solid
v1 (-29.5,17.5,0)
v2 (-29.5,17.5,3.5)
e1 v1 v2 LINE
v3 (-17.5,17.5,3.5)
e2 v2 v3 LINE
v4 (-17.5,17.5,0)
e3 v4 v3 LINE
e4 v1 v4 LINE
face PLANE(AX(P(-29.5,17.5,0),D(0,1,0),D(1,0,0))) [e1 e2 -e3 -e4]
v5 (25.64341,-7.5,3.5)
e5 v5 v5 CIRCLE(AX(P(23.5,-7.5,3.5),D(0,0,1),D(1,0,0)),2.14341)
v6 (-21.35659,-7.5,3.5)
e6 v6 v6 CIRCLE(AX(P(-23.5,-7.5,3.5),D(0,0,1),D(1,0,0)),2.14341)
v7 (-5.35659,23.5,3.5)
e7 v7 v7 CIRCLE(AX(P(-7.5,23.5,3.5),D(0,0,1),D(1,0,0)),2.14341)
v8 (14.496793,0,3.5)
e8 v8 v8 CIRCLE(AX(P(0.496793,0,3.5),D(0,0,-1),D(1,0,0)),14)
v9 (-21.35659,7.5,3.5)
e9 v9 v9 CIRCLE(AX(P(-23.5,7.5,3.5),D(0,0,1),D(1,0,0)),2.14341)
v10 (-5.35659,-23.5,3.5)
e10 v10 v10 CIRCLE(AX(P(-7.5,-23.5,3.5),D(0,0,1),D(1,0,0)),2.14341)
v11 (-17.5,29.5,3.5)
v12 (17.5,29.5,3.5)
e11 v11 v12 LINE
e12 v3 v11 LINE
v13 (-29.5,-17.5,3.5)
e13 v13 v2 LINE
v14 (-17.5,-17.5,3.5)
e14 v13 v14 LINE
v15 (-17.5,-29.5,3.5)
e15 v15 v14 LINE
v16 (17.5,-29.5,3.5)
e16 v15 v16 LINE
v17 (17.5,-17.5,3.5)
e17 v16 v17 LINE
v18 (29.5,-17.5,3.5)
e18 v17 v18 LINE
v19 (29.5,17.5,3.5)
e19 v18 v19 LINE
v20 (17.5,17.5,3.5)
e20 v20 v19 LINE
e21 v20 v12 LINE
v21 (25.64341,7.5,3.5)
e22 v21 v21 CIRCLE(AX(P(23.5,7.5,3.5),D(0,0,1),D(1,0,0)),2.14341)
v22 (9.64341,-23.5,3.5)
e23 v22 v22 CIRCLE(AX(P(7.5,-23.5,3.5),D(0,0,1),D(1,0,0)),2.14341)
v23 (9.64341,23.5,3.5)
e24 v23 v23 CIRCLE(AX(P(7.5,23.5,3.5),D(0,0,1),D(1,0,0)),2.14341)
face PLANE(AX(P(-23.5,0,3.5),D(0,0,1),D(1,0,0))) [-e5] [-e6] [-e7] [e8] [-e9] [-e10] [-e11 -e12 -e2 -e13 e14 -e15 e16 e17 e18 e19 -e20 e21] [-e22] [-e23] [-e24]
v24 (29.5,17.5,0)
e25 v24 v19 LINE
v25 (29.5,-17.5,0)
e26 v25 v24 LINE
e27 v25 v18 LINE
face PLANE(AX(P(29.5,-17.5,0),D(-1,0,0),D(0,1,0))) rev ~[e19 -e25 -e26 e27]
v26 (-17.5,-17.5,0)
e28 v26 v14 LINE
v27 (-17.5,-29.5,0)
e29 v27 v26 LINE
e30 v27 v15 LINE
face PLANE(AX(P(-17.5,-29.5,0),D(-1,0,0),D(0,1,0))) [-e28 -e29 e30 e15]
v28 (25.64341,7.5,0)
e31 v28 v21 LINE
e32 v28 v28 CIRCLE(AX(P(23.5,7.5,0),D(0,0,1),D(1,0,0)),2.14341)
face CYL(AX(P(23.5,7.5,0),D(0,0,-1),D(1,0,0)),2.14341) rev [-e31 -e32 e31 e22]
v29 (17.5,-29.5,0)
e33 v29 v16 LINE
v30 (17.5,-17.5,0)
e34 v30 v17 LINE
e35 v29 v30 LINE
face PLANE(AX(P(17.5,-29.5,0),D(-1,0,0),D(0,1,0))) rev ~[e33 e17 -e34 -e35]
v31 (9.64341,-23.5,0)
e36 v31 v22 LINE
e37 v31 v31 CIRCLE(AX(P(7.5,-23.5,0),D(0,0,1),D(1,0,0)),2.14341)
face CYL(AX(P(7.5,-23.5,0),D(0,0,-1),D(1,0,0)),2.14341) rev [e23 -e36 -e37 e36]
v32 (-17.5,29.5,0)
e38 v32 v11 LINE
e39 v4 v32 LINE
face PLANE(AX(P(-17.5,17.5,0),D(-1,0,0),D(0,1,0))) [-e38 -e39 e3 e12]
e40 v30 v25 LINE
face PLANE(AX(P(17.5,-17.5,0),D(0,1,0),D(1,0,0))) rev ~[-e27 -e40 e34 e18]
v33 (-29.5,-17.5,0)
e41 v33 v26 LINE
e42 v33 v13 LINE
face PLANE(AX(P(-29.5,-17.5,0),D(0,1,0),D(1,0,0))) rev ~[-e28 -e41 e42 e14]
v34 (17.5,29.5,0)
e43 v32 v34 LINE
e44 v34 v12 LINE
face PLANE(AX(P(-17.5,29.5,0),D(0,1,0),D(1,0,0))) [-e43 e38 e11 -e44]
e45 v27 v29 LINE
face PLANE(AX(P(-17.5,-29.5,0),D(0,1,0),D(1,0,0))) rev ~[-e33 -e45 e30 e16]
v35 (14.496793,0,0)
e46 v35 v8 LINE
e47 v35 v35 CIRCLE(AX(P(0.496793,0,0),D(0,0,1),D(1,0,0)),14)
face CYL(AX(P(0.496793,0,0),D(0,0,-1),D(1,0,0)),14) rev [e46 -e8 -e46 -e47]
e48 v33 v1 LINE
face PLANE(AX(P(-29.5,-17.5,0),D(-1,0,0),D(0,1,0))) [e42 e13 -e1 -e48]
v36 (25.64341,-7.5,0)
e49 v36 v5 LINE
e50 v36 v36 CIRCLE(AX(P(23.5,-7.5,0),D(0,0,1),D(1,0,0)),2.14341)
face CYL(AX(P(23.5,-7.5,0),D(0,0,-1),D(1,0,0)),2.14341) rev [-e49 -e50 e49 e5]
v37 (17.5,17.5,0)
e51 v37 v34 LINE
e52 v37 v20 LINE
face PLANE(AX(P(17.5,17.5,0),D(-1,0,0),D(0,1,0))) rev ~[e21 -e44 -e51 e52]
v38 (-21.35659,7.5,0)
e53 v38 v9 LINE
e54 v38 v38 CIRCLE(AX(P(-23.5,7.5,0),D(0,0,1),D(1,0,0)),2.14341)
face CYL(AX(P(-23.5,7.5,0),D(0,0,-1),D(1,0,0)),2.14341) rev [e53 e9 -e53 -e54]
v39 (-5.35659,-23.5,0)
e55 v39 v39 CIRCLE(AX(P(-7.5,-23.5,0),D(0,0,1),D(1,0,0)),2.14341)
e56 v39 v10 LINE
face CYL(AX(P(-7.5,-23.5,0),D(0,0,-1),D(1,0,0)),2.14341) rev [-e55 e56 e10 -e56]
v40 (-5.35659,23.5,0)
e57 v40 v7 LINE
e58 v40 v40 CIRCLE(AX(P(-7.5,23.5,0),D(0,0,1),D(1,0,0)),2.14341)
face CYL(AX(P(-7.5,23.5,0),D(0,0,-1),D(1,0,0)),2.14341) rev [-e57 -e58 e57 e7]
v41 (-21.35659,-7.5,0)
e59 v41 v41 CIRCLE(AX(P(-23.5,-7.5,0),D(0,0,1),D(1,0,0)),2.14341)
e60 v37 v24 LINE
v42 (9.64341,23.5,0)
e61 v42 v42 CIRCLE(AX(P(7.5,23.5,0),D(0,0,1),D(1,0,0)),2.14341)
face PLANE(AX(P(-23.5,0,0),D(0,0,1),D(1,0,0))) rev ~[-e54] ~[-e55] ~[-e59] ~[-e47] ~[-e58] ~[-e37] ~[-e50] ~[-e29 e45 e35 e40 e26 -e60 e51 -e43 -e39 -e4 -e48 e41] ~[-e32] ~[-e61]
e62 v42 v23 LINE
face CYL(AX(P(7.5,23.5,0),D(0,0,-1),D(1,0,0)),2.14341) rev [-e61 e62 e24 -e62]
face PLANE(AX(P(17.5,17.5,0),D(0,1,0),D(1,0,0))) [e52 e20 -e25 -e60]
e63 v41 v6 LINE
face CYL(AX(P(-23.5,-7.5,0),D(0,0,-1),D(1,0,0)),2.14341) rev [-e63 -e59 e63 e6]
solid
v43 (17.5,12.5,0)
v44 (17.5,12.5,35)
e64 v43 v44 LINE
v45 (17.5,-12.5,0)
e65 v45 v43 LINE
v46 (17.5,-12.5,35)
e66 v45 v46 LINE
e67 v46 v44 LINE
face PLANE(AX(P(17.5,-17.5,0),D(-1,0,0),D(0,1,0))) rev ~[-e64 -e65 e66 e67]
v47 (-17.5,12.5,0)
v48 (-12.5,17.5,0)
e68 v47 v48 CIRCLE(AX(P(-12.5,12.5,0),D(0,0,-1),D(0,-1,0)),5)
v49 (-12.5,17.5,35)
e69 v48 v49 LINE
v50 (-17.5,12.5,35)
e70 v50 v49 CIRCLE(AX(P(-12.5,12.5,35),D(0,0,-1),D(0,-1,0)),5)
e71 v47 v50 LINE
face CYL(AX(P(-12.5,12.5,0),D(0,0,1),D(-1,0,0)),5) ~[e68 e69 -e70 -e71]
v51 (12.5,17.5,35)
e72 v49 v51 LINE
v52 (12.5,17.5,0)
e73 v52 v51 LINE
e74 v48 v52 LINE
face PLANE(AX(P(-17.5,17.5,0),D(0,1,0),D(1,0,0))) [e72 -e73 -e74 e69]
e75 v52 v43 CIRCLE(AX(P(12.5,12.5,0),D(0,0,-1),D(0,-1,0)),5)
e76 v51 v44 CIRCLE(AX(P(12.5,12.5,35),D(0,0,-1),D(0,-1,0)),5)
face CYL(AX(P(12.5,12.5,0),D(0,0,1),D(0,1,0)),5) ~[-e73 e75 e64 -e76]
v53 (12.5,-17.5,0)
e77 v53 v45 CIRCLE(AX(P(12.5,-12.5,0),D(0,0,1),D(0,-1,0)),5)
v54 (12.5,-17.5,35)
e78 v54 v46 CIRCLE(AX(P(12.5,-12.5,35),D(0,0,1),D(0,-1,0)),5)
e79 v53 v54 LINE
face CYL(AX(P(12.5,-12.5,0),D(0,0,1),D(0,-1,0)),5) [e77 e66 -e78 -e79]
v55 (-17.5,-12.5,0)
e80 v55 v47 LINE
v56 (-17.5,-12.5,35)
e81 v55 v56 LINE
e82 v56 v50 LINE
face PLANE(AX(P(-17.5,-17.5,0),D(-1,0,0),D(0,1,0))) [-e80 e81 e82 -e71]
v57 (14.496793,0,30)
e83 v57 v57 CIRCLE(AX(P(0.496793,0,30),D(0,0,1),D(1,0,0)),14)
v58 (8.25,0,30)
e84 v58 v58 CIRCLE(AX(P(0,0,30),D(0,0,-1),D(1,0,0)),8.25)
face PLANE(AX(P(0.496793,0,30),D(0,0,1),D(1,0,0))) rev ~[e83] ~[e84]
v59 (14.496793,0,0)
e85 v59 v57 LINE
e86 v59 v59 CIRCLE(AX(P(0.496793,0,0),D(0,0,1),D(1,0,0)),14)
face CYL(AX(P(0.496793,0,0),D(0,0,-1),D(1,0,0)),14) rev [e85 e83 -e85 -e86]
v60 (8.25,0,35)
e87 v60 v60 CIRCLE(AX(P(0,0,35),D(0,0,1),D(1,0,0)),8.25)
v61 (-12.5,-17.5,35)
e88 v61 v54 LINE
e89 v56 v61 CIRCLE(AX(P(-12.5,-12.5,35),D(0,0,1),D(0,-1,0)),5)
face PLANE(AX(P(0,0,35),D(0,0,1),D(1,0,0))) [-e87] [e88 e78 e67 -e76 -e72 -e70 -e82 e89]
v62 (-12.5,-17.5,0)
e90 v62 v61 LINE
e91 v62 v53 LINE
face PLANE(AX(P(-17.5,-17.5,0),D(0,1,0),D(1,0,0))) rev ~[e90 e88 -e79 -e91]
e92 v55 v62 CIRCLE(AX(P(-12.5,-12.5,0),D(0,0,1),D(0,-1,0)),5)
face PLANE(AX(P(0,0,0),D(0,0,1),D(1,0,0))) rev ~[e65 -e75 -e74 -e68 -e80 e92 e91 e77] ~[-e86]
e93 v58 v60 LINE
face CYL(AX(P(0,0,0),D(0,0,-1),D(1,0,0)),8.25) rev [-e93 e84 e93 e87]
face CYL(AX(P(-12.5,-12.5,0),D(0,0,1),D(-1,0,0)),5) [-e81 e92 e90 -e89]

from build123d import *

# Parameters (mm, degrees)
F0_W     = 12
F0_H     = 35
F0_R     = 2.14341
F0_W_2   = 35
F0_H_2   = 12
F0_R_2   = 8.25
F1_DEPTH = 3.5
F2_DEPTH = 35
F3_R     = 5
F4_R     = 14
F5_DEPTH = 30


with BuildPart() as f1:
    # F0 (on Top) → F1 (new body)
    with BuildSketch(Plane.XY):
        with Locations((-23.5, 0)):
            Rectangle(F0_W, F0_H)
        with Locations((-23.5, -7.5)):
            Circle(F0_R, mode=Mode.SUBTRACT)
        with Locations((-23.5, 7.5)):
            Circle(F0_R, mode=Mode.SUBTRACT)
        with Locations((0, 23.5)):
            Rectangle(F0_W_2, F0_H_2)
        with Locations((-7.5, 23.5)):
            Circle(F0_R, mode=Mode.SUBTRACT)
        with Locations((7.5, 23.5)):
            Circle(F0_R, mode=Mode.SUBTRACT)
        with Locations((23.5, 0)):
            Rectangle(F0_W, F0_H)
        with Locations((23.5, -7.5)):
            Circle(F0_R, mode=Mode.SUBTRACT)
        with Locations((23.5, 7.5)):
            Circle(F0_R, mode=Mode.SUBTRACT)
        with Locations((0, -23.5)):
            Rectangle(F0_W_2, F0_H_2)
        with Locations((-7.5, -23.5)):
            Circle(F0_R, mode=Mode.SUBTRACT)
        with Locations((7.5, -23.5)):
            Circle(F0_R, mode=Mode.SUBTRACT)
        Rectangle(F0_W_2, F0_H)
        Circle(F0_R_2, mode=Mode.SUBTRACT)
    extrude(amount=F1_DEPTH)


with BuildPart() as f2:
    # F0 (on Top) → F2 (new body)
    with BuildSketch(Plane.XY):
        Rectangle(F0_W_2, F0_H)
        Circle(F0_R_2, mode=Mode.SUBTRACT)
    extrude(amount=F2_DEPTH)

    # F3
    f3_edges = [f2.edges().sort_by_distance(p)[0] for p in [
        (-17.5, -17.5, 17.5),
        (17.5, -17.5, 17.5),
        (17.5, 17.5, 17.5),
        (-17.5, 17.5, 17.5),
    ]]
    fillet(f3_edges, radius=F3_R)


with BuildPart() as f5_tool:
    # F4 (on face) → F5 (new body)
    with BuildSketch(Plane.XY):
        with Locations((0.496793, 0)):
            Circle(F4_R)
    extrude(amount=F5_DEPTH)


with BuildPart() as f1_1:
    add(f1.part)

    # F5: cut by f5_tool
    add(f5_tool.part, mode=Mode.SUBTRACT)


with BuildPart() as f2_1:
    add(f2.part)

    # F5: cut by f5_tool
    add(f5_tool.part, mode=Mode.SUBTRACT)


solid = Compound([f1_1.part, f2_1.part])
